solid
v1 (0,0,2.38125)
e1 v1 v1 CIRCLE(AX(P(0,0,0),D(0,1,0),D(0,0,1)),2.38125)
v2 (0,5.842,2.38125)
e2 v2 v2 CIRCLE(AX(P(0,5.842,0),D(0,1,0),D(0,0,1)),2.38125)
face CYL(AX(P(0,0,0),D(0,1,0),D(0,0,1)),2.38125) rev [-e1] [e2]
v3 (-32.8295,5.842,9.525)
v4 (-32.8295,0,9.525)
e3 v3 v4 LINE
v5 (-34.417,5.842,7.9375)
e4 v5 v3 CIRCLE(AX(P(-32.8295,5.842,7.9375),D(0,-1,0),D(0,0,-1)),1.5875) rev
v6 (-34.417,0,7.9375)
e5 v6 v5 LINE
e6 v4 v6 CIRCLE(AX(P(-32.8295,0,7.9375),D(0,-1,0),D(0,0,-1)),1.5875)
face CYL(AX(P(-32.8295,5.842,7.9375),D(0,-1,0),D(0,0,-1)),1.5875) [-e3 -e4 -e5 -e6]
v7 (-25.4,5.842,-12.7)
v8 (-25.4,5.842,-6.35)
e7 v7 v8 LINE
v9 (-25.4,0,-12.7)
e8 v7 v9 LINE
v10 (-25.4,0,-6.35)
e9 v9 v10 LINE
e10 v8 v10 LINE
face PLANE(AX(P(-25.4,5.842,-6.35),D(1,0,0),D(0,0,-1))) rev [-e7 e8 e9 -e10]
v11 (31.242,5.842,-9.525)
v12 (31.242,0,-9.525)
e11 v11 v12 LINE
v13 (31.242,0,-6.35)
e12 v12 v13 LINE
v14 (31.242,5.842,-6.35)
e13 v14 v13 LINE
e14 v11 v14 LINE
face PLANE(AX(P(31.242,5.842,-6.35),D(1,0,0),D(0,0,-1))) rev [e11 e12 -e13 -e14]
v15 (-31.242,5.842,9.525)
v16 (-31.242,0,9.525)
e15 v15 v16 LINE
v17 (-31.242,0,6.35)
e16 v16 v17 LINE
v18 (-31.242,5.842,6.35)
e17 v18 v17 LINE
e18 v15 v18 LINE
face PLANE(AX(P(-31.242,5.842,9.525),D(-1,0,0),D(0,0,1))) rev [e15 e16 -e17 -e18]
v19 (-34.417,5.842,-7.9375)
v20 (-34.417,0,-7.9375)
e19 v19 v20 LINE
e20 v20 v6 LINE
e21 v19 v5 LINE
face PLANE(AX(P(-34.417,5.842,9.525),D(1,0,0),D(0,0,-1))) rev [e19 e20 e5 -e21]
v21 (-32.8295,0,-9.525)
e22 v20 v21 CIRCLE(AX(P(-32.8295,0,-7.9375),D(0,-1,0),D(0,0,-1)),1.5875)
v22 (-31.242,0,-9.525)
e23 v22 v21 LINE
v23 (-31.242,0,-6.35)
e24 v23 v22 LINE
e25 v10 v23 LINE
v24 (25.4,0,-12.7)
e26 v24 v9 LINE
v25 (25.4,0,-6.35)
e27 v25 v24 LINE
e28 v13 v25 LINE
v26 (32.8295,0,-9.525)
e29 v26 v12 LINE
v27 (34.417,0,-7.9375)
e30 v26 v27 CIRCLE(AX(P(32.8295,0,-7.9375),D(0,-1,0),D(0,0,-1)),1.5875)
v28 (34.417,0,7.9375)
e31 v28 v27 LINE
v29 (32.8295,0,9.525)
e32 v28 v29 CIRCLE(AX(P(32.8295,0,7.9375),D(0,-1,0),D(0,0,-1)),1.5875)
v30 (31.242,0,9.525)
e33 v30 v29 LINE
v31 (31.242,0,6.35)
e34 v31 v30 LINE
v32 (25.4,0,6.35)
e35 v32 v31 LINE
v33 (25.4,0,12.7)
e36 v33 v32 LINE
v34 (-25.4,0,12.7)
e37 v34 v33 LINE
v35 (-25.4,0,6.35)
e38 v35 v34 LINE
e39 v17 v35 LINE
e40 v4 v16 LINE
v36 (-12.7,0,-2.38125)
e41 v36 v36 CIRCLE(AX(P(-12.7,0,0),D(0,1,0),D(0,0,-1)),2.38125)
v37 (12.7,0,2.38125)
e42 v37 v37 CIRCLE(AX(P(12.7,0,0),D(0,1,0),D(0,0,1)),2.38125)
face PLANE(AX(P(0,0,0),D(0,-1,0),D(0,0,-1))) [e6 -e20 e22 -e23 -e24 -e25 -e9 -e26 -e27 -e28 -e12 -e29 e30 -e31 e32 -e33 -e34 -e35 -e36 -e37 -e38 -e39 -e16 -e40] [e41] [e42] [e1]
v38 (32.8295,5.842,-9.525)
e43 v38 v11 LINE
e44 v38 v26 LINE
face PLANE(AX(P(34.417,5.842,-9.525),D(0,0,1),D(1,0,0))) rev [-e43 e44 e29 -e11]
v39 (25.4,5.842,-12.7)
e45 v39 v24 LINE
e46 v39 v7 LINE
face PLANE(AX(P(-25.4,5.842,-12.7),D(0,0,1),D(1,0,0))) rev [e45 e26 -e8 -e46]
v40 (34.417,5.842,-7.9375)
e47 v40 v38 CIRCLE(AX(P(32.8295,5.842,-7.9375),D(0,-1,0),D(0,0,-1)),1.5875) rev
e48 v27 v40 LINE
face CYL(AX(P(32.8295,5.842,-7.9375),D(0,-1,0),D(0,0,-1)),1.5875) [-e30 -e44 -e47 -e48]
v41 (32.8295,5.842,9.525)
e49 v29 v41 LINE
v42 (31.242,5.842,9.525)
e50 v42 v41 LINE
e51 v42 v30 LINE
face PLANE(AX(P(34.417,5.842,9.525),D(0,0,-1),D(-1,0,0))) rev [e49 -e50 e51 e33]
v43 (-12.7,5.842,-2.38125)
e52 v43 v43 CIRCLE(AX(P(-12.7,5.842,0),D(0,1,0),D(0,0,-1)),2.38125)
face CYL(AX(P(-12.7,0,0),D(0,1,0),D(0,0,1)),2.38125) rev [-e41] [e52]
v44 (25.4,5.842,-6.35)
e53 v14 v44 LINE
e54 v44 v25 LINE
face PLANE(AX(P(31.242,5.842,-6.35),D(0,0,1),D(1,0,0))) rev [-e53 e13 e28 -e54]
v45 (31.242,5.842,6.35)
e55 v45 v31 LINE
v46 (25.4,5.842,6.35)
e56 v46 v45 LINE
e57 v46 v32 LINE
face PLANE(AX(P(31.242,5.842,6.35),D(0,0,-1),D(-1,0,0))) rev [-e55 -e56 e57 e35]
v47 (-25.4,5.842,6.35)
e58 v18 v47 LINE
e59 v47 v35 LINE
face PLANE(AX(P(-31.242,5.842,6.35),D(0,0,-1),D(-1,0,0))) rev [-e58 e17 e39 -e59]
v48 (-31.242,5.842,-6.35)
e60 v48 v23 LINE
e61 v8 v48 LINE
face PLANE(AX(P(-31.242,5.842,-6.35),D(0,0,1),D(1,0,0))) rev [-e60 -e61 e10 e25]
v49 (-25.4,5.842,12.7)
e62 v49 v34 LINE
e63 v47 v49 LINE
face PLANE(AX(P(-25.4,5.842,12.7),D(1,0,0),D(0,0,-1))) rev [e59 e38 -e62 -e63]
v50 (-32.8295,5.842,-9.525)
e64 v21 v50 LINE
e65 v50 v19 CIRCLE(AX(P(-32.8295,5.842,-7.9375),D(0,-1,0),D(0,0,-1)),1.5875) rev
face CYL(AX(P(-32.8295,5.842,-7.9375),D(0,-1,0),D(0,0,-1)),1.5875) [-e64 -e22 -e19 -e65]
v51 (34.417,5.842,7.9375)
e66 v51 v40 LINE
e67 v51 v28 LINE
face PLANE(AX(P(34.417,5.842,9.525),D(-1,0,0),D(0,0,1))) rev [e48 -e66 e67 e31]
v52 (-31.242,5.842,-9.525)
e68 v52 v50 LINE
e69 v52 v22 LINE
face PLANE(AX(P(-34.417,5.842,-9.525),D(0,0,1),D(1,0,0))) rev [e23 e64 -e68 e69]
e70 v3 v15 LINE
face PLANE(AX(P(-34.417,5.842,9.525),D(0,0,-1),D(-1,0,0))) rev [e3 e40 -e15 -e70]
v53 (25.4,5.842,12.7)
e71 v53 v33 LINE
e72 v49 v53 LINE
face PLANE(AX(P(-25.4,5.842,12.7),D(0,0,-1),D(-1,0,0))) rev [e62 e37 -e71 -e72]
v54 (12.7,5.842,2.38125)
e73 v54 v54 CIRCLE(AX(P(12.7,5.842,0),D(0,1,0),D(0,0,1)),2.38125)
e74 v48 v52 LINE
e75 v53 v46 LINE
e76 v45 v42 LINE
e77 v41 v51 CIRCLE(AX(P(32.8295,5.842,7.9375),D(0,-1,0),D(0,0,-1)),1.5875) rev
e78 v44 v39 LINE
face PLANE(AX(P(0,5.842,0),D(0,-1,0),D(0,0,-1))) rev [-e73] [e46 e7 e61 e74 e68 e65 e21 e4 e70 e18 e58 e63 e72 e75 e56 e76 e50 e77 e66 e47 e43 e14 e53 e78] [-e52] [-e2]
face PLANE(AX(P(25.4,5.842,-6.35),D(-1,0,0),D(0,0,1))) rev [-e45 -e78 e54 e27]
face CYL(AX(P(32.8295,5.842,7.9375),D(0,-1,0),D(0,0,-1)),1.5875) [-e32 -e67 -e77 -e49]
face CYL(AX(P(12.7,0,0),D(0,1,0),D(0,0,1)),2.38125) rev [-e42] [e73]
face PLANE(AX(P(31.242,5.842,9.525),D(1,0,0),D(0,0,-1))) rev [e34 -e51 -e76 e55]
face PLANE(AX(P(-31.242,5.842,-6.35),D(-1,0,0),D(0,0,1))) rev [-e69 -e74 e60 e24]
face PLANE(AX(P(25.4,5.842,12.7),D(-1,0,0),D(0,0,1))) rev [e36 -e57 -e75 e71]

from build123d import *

# Parameters (mm, degrees)
BOSS_EXTRUDE1_DEPTH = 5.842
FILLET1_R           = 1.5875
SKETCH2_R           = 2.38125
CUT_EXTRUDE1_DEPTH  = 38.14766282


with BuildPart() as part:
    # Sketch1 → Boss-Extrude1 (new body)
    with BuildSketch(Plane(origin=(0, 0, 0), x_dir=(1, 0, 0), z_dir=(0, 1, 0))):
        Polygon((-25.4, -12.7), (25.4, -12.7), (25.4, -6.35), (31.242, -6.35), (31.242, -9.525), (34.417, -9.525), (34.417, 9.525), (31.242, 9.525), (31.242, 6.35), (25.4, 6.35), (25.4, 12.7), (-25.4, 12.7), (-25.4, 6.35), (-31.242, 6.35), (-31.242, 9.525), (-34.417, 9.525), (-34.417, -9.525), (-31.242, -9.525), (-31.242, -6.35), (-25.4, -6.35), align=None)
    extrude(amount=BOSS_EXTRUDE1_DEPTH)

    # Fillet1
    fillet1_edges = [part.edges().sort_by_distance(p)[0] for p in [
        (34.417, 2.921, -9.525),
        (34.417, 2.921, 9.525),
        (-34.417, 2.921, 9.525),
        (-34.417, 2.921, -9.525),
    ]]
    fillet(fillet1_edges, radius=FILLET1_R)

    # Sketch2 → Cut-Extrude1 (cut, through all)
    with BuildSketch(Plane(origin=(0, 5.842, 0), x_dir=(1, 0, 0), z_dir=(0, 1, 0))):
        with Locations(Location((0, 0, 0), (0, 0, 270))):
            Circle(SKETCH2_R)
        with Locations(Location((12.7, 0, 0), (0, 0, 270))):
            Circle(SKETCH2_R)
        with Locations(Location((-12.7, 0, 0), (0, 0, 90))):
            Circle(SKETCH2_R)
    extrude(amount=-CUT_EXTRUDE1_DEPTH, mode=Mode.SUBTRACT)


solid = part.part
